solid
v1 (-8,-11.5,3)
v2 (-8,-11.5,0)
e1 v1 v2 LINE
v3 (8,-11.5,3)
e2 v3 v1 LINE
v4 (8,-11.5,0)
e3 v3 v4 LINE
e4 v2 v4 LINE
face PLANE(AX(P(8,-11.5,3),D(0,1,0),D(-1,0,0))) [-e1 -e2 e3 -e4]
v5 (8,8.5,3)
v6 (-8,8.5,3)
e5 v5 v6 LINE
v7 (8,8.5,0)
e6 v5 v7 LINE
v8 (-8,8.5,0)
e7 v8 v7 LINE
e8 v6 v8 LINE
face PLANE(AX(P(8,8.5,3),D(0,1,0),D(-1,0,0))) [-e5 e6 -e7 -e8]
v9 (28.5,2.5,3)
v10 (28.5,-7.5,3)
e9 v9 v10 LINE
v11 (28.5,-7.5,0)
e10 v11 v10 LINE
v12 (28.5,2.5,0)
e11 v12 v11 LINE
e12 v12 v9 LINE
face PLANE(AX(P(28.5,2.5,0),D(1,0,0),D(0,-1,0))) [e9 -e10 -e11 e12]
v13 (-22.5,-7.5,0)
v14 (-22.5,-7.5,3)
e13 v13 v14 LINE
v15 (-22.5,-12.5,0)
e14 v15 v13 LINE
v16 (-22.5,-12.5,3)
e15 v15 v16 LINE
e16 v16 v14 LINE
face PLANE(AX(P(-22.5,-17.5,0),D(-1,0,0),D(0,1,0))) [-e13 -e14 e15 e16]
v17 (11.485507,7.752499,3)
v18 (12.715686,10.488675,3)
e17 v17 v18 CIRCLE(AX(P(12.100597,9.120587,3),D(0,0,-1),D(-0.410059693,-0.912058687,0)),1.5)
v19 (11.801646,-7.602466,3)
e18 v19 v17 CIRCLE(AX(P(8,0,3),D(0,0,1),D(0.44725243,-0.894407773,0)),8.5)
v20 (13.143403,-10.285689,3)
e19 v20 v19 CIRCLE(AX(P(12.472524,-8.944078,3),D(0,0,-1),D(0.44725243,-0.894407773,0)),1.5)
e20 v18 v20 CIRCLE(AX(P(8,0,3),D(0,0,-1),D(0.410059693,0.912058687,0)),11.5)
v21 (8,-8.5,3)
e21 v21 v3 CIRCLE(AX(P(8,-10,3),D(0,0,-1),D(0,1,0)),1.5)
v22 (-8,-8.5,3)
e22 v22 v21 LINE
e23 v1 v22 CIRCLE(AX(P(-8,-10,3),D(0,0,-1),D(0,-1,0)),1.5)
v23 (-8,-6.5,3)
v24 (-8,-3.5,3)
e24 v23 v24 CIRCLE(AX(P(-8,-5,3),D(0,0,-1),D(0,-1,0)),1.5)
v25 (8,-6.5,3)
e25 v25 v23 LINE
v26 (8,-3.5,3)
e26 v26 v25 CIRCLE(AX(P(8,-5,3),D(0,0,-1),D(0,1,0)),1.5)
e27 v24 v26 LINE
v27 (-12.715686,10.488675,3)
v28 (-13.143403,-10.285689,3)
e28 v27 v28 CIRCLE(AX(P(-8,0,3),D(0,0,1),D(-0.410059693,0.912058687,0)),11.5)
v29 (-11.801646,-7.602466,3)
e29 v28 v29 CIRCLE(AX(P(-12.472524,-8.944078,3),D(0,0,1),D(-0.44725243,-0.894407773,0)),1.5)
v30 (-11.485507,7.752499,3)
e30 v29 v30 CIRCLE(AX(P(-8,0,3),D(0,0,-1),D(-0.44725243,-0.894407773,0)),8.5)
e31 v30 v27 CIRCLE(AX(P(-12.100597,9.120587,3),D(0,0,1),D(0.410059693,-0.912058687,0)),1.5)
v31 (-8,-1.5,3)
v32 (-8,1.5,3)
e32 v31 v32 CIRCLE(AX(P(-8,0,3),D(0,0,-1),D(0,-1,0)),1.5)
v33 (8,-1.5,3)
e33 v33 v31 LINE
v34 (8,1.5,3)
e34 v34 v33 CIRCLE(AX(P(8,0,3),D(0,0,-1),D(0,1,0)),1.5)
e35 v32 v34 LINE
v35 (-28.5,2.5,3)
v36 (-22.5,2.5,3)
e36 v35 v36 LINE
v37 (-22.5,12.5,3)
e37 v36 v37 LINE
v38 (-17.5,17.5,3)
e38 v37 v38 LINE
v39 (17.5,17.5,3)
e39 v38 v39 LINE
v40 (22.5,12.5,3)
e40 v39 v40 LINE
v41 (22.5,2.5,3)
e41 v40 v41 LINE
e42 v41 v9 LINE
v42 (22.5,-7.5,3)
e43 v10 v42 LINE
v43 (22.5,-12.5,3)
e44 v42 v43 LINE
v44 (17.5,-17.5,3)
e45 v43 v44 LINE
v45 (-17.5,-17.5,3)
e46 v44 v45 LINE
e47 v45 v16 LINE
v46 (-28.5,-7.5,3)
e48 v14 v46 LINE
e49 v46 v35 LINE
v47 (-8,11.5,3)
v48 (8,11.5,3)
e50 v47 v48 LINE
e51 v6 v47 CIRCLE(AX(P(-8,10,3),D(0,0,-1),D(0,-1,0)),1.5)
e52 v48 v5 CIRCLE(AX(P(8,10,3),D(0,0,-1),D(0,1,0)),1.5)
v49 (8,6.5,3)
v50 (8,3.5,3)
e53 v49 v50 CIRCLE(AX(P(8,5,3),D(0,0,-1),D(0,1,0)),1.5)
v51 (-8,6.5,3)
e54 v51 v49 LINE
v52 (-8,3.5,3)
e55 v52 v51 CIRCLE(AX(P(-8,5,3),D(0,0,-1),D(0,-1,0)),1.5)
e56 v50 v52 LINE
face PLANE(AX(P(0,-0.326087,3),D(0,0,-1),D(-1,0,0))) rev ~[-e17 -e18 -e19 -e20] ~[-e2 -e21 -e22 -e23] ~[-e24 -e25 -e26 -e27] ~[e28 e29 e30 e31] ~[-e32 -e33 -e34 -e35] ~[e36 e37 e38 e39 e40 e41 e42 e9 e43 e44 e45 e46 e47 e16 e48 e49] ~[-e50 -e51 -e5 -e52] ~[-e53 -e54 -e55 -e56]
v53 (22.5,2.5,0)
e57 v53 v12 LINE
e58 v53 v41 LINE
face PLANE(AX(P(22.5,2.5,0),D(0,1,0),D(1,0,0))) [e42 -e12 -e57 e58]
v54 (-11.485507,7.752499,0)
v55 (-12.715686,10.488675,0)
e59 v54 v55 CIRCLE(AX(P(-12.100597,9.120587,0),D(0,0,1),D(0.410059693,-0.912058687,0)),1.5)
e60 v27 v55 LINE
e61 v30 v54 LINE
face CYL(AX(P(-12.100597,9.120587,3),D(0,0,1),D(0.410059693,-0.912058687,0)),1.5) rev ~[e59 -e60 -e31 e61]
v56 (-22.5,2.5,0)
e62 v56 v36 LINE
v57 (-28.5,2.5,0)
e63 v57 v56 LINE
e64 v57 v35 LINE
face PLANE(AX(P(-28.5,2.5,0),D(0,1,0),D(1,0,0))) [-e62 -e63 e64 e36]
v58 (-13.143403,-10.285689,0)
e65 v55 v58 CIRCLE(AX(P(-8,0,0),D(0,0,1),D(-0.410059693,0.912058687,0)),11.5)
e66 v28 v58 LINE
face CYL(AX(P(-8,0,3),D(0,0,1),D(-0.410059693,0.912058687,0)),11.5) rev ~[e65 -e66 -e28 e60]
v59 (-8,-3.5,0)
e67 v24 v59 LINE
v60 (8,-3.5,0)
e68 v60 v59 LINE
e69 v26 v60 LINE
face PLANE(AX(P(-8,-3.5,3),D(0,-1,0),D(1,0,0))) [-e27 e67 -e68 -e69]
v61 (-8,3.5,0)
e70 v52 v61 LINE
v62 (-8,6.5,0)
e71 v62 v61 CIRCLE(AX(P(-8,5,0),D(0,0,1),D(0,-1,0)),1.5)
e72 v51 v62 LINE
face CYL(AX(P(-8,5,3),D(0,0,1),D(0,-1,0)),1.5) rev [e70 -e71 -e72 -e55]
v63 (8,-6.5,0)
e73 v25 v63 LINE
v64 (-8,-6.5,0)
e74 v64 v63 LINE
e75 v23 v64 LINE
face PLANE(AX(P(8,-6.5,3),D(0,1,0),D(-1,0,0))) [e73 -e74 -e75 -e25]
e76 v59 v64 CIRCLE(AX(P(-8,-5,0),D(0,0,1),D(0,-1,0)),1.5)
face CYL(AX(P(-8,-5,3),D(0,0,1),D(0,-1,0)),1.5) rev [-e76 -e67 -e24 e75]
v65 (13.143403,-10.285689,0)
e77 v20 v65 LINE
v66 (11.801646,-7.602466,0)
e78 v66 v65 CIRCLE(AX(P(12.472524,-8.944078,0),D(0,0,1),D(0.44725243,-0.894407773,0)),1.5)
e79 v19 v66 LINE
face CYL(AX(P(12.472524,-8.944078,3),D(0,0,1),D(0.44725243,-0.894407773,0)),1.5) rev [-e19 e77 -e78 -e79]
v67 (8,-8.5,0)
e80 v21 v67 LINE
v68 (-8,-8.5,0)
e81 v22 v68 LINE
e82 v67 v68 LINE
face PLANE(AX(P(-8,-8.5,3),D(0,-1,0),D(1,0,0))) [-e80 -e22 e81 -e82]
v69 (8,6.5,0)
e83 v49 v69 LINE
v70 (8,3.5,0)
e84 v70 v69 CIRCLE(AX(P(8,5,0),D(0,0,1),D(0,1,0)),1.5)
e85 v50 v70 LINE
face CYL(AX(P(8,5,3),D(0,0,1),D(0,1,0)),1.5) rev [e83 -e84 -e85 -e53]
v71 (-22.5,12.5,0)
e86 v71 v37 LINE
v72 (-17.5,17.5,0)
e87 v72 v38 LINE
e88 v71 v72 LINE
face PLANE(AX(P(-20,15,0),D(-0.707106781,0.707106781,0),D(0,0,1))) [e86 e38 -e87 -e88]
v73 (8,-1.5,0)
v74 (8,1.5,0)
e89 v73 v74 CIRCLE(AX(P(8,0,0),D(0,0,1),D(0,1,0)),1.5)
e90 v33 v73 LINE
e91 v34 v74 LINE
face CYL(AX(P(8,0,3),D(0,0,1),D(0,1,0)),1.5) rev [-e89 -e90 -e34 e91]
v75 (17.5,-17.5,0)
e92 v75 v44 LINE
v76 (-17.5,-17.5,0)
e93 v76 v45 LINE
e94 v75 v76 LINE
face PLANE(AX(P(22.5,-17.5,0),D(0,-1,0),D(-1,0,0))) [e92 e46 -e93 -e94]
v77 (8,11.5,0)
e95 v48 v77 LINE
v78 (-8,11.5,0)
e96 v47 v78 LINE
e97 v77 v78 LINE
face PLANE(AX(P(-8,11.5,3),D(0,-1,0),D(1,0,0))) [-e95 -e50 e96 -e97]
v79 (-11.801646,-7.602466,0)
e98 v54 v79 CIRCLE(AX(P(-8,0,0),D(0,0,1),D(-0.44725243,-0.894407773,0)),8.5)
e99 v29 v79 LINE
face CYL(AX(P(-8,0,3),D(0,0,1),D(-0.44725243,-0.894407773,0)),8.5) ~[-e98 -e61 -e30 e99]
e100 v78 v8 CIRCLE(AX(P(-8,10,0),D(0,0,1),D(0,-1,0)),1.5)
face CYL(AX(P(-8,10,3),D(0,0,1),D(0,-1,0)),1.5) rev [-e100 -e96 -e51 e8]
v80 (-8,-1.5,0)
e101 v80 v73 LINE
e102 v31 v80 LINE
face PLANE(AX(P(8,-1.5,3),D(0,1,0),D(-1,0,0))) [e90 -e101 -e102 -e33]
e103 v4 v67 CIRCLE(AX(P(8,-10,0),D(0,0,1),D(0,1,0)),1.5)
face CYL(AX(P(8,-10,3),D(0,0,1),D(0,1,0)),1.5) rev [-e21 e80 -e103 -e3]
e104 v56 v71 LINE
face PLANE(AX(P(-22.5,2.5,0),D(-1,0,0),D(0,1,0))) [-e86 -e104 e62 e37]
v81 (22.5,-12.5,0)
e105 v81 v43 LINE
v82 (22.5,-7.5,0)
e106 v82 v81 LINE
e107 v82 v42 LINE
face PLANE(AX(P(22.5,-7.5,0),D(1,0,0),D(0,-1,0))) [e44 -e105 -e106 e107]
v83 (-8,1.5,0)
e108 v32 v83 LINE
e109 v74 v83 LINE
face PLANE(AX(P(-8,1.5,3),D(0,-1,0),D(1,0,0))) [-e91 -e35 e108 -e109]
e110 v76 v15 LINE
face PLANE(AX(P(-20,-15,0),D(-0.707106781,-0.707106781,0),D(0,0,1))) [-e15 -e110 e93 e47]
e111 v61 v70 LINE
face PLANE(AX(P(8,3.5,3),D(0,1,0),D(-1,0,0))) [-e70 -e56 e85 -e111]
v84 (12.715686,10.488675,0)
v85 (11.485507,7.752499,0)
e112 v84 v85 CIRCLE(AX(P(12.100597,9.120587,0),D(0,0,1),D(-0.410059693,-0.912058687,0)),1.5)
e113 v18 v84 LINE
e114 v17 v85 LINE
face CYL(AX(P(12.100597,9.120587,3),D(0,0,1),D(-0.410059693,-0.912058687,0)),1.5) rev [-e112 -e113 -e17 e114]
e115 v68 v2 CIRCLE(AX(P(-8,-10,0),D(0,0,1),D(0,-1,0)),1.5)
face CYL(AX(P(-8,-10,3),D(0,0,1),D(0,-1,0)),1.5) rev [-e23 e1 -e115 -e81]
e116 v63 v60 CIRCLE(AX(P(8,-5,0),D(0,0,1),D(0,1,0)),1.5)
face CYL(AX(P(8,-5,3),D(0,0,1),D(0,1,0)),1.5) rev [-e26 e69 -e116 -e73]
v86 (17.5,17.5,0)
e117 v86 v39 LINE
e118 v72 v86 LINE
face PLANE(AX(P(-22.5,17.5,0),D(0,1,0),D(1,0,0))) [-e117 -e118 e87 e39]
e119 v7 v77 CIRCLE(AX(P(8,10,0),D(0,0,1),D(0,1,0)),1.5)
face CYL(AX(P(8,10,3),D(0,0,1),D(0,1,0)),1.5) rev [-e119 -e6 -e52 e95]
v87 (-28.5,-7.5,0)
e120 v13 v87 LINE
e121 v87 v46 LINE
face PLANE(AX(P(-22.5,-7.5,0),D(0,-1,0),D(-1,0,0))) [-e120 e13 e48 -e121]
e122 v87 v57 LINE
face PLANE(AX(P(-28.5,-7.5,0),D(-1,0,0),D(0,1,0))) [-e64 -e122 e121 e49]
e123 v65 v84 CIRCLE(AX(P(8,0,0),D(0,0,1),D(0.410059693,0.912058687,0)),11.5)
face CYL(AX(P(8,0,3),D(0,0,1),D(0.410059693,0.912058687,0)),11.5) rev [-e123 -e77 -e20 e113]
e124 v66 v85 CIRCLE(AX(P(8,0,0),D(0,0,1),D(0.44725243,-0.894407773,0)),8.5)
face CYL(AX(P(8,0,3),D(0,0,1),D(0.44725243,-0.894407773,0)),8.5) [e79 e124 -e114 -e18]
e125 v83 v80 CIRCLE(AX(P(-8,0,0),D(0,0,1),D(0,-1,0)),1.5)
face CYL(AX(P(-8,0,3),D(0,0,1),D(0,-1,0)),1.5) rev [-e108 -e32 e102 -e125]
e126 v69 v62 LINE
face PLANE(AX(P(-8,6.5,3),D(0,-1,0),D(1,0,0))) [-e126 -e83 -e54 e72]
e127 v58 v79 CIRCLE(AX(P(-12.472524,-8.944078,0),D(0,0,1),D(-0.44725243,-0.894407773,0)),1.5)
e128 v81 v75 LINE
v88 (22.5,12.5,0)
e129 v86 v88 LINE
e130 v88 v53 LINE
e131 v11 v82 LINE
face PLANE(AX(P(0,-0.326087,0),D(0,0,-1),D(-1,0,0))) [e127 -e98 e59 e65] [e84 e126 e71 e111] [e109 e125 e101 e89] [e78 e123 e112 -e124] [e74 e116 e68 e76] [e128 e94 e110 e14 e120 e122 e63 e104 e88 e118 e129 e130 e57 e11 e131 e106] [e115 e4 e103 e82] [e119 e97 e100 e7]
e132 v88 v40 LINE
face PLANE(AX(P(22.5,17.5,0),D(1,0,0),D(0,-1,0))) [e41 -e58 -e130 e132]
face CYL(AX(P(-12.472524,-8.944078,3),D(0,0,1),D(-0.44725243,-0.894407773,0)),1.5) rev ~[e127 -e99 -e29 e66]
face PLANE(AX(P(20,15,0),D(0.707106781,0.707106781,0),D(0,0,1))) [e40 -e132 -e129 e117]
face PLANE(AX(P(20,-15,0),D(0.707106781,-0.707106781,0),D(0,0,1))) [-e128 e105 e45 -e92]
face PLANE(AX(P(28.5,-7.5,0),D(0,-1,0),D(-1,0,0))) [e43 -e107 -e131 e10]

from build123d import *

# Parameters (mm, degrees)
BOSS_EXTRUDE1_DEPTH = 3
CHAMFER1_SIZE       = 5
CUT_EXTRUDE1_DEPTH  = 5


with BuildPart() as part:
    # Sketch1 → Boss-Extrude1 (new body)
    with BuildSketch(Plane.XY):
        Polygon((22.5, -7.5), (22.5, -17.5), (-22.5, -17.5), (-22.5, -7.5), (-28.5, -7.5), (-28.5, 2.5), (-22.5, 2.5), (-22.5, 17.5), (22.5, 17.5), (22.5, 2.5), (28.5, 2.5), (28.5, -7.5), align=None)
    extrude(amount=BOSS_EXTRUDE1_DEPTH)

    # Chamfer1
    chamfer1_edges = [part.edges().sort_by_distance(p)[0] for p in [
        (-22.5, -17.5, 1.5),
        (-22.5, 17.5, 1.5),
        (22.5, 17.5, 1.5),
        (22.5, -17.5, 1.5),
    ]]
    chamfer(chamfer1_edges, length=CHAMFER1_SIZE)

    # Sketch2 → Cut-Extrude1 (cut)
    with BuildSketch(Plane.XY.offset(3)):
        with BuildLine():
            Line((-8, 1.5), (8, 1.5))
            ThreePointArc((8, 1.5), (9.5, 0), (8, -1.5))
            Line((8, -1.5), (-8, -1.5))
            ThreePointArc((-8, -1.5), (-9.5, 0), (-8, 1.5))
        make_face()
        with BuildLine():
            Line((-8, 6.5), (8, 6.5))
            ThreePointArc((8, 6.5), (9.5, 5), (8, 3.5))
            Line((8, 3.5), (-8, 3.5))
            ThreePointArc((-8, 3.5), (-9.5, 5), (-8, 6.5))
        make_face()
        with BuildLine():
            Line((-8, 11.5), (8, 11.5))
            ThreePointArc((8, 11.5), (9.5, 10), (8, 8.5))
            Line((8, 8.5), (-8, 8.5))
            ThreePointArc((-8, 8.5), (-9.5, 10), (-8, 11.5))
        make_face()
        with BuildLine():
            Line((-8, -3.5), (8, -3.5))
            ThreePointArc((8, -3.5), (9.5, -5), (8, -6.5))
            Line((8, -6.5), (-8, -6.5))
            ThreePointArc((-8, -6.5), (-9.5, -5), (-8, -3.5))
        make_face()
        with BuildLine():
            Line((-8, -8.5), (8, -8.5))
            ThreePointArc((8, -8.5), (9.5, -10), (8, -11.5))
            Line((8, -11.5), (-8, -11.5))
            ThreePointArc((-8, -11.5), (-9.5, -10), (-8, -8.5))
        make_face()
        with BuildLine():
            ThreePointArc((-12.715686471, 10.488674897), (-19.497563389, 0.236719508), (-13.143402946, -10.285689385))
            ThreePointArc((-13.143402946, -10.285689385), (-11.130912642, -9.614956372), (-11.801645656, -7.602466067))
            ThreePointArc((-11.801645656, -7.602466067), (-16.498199026, 0.174966593), (-11.485507392, 7.752498837))
            ThreePointArc((-11.485507392, 7.752498837), (-10.732508901, 9.735676407), (-12.715686471, 10.488674897))
        make_face()
        with BuildLine():
            ThreePointArc((12.715686471, 10.488674897), (19.497563389, 0.236719508), (13.143402946, -10.285689385))
            ThreePointArc((13.143402946, -10.285689385), (11.130912642, -9.614956372), (11.801645656, -7.602466067))
            ThreePointArc((11.801645656, -7.602466067), (16.498199026, 0.174966593), (11.485507392, 7.752498837))
            ThreePointArc((11.485507392, 7.752498837), (10.732508901, 9.735676407), (12.715686471, 10.488674897))
        make_face()
    extrude(amount=-CUT_EXTRUDE1_DEPTH, mode=Mode.SUBTRACT)


solid = part.part
